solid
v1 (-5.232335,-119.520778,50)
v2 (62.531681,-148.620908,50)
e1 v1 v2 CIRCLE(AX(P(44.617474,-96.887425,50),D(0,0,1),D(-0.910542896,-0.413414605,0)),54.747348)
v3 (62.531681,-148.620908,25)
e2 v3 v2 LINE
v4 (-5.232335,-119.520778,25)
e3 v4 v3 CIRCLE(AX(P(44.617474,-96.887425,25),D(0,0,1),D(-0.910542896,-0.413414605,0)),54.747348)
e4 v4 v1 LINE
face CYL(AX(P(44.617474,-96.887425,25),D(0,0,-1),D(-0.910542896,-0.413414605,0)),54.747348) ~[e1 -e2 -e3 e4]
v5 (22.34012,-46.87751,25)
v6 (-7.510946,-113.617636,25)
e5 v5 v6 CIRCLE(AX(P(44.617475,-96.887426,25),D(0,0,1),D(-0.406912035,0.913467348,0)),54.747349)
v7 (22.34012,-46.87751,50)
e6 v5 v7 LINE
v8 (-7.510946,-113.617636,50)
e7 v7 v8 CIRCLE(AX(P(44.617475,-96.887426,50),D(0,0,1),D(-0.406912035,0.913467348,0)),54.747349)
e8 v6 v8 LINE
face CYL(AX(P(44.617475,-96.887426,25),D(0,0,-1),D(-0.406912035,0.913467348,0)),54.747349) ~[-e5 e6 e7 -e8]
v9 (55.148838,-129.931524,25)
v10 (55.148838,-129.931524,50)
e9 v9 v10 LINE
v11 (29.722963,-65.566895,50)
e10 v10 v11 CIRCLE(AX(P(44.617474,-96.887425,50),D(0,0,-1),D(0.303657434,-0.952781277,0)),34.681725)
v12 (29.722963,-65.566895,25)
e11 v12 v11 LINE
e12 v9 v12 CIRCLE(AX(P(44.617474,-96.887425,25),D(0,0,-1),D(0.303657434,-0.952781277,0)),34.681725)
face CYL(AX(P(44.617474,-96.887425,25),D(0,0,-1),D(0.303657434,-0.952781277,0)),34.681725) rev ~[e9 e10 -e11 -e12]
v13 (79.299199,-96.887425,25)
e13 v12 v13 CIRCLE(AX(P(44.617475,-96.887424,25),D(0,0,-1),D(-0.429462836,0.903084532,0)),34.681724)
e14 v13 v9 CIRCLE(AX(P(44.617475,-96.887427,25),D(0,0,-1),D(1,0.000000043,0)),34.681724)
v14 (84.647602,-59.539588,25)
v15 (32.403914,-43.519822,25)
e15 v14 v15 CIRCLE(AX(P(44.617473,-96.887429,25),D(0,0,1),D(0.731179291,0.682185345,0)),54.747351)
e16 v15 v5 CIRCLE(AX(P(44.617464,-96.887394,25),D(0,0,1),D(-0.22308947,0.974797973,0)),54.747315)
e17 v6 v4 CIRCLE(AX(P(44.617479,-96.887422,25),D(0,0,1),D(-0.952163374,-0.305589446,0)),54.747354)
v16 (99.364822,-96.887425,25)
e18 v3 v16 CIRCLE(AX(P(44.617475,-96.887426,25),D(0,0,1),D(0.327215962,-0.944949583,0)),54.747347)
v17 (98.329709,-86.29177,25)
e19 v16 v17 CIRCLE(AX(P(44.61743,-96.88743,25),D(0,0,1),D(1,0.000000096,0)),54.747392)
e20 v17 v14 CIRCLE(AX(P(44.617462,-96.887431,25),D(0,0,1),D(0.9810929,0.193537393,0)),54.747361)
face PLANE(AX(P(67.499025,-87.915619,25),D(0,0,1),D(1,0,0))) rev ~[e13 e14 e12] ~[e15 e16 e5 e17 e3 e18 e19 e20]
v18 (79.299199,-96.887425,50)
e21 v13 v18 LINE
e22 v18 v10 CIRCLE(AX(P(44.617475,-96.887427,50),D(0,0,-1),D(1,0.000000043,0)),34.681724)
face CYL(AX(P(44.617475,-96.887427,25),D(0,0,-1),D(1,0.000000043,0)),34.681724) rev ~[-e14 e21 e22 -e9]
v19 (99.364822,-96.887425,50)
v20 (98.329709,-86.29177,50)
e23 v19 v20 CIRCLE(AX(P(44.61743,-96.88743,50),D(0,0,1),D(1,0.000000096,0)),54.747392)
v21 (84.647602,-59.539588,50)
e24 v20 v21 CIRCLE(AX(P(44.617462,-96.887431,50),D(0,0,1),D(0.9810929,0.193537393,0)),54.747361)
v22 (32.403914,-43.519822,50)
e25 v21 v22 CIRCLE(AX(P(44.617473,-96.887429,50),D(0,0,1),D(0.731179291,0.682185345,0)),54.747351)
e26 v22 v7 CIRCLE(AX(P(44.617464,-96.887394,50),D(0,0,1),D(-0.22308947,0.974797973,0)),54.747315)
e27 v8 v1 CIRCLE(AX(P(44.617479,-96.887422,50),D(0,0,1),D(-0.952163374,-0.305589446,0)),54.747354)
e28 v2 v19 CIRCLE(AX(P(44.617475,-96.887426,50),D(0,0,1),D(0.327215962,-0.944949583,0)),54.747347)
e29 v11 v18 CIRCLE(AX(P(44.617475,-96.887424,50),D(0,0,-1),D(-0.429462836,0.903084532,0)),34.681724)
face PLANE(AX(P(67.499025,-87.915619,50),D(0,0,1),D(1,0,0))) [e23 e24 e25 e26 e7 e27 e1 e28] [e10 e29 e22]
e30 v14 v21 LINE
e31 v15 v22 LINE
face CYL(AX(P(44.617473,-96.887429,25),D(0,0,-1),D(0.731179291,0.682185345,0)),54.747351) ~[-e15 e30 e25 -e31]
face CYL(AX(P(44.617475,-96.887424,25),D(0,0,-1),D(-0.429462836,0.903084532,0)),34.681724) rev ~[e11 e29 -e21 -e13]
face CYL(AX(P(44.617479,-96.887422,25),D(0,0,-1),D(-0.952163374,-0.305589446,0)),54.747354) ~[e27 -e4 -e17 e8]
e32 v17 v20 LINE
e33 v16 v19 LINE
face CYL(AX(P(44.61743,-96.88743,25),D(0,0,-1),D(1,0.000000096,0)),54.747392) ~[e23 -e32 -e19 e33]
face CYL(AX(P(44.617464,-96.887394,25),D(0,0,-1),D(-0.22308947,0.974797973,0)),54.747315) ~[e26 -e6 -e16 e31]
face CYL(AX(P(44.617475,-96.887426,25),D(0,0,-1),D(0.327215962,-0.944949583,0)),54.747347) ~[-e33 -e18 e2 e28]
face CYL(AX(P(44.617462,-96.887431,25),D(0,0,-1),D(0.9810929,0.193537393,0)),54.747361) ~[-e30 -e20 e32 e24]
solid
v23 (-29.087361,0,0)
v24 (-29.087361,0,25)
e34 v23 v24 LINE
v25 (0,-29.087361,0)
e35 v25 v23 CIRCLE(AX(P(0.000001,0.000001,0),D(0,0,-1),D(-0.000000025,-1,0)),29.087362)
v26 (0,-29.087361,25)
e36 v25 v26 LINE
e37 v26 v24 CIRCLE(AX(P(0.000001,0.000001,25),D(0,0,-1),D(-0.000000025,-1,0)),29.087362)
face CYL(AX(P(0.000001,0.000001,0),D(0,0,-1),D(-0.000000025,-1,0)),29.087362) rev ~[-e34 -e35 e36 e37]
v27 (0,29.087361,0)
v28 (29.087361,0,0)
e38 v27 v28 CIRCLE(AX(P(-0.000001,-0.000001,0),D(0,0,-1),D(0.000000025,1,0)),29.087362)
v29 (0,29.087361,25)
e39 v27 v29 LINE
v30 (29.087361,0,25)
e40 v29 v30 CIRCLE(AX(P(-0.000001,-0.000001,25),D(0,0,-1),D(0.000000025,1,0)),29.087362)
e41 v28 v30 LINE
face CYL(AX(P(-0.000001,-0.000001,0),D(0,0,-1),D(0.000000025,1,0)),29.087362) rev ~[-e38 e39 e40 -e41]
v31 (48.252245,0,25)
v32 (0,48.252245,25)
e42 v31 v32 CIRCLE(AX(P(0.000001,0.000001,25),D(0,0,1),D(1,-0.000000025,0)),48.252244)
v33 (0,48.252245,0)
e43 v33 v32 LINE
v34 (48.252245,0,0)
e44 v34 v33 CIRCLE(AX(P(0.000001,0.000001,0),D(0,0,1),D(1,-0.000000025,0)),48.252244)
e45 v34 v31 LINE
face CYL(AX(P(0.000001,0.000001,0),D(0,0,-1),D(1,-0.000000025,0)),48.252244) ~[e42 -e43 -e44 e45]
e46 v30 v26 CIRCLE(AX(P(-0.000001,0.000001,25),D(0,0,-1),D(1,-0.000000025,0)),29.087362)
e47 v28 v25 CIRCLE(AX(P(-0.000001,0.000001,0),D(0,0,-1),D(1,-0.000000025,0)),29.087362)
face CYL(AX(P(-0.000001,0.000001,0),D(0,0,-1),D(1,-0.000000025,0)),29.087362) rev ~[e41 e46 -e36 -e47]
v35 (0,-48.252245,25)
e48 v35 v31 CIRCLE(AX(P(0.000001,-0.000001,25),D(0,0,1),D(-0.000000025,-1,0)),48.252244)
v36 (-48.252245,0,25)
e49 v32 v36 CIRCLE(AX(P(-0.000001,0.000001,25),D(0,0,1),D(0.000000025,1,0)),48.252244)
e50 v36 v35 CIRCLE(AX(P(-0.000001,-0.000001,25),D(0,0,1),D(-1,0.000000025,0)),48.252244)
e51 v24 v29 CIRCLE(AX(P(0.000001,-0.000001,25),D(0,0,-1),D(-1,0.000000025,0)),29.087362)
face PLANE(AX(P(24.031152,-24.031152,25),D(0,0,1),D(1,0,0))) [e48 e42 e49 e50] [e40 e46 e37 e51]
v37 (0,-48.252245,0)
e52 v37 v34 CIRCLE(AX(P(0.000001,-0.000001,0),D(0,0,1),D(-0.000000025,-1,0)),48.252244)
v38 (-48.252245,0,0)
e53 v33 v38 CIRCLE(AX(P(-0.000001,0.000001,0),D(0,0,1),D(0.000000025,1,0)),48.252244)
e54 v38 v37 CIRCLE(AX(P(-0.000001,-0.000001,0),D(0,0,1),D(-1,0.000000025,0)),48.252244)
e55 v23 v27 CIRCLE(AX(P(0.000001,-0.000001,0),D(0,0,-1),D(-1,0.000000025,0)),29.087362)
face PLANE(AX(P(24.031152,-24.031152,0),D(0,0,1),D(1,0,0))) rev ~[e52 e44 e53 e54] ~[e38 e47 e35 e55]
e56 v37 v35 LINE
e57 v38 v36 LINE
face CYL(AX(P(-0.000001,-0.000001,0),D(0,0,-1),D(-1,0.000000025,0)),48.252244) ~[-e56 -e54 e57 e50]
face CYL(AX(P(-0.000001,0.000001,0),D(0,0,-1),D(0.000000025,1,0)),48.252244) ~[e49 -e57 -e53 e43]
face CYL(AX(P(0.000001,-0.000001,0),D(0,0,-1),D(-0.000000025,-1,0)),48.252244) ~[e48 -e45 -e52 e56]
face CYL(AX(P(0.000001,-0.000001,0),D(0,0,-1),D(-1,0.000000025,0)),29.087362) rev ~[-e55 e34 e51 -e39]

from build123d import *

# Parameters (mm, degrees)
F1_DEPTH = 25
F3_DEPTH = 25


with BuildPart() as f1:
    # F0 (on Top) → F1 (new body)
    with BuildSketch(Plane.XY):
        with BuildLine():
            Line((48.252245, 0), (29.087361, 0))
            ThreePointArc((29.087361, 0), (20.56787, -20.56787), (0, -29.087361))
            Line((0, -29.087361), (0, -48.252245))
            ThreePointArc((0, -48.252245), (34.11949, -34.11949), (48.252245, 0))
        make_face()
        with BuildLine():
            ThreePointArc((0, 29.087361), (20.56787, 20.56787), (29.087361, 0))
            Line((29.087361, 0), (48.252245, 0))
            ThreePointArc((48.252245, 0), (34.11949, 34.11949), (0, 48.252245))
            Line((0, 48.252245), (0, 29.087361))
        make_face()
        with BuildLine():
            ThreePointArc((-29.087361, 0), (-20.56787, 20.56787), (0, 29.087361))
            Line((0, 29.087361), (0, 48.252245))
            ThreePointArc((0, 48.252245), (-34.11949, 34.11949), (-48.252245, 0))
            Line((-48.252245, 0), (-29.087361, 0))
        make_face()
        with BuildLine():
            Line((0, -48.252245), (0, -29.087361))
            ThreePointArc((0, -29.087361), (-20.56787, -20.56787), (-29.087361, 0))
            Line((-29.087361, 0), (-48.252245, 0))
            ThreePointArc((-48.252245, 0), (-34.11949, -34.11949), (0, -48.252245))
        make_face()
    extrude(amount=F1_DEPTH)


with BuildPart() as f3:
    # F2 (on face) → F3 (new body)
    with BuildSketch(Plane.XY.offset(25)):
        with BuildLine():
            ThreePointArc((29.722963, -65.566895), (63.141172, -67.566874), (79.299199, -96.887425))
            ThreePointArc((79.299199, -96.887425), (72.618081, -117.351738), (55.148838, -129.931524))
            Line((55.148838, -129.931524), (62.531681, -148.620908))
            ThreePointArc((62.531681, -148.620908), (89.215834, -128.64051), (99.364822, -96.887425))
            ThreePointArc((99.364822, -96.887425), (99.105429, -91.564377), (98.329709, -86.29177))
            Line((98.329709, -86.29177), (84.647602, -59.539588))
            ThreePointArc((84.647602, -59.539588), (60.667352, -44.545535), (32.403914, -43.519822))
            ThreePointArc((32.403914, -43.519822), (27.290492, -44.954316), (22.34012, -46.87751))
            Line((22.34012, -46.87751), (29.722963, -65.566895))
        make_face()
        with BuildLine():
            ThreePointArc((55.148838, -129.931524), (12.361302, -109.629538), (29.722963, -65.566895))
            Line((29.722963, -65.566895), (22.34012, -46.87751))
            ThreePointArc((22.34012, -46.87751), (-5.358679, -74.534434), (-7.510946, -113.617636))
            Line((-7.510946, -113.617636), (-5.232335, -119.520778))
            ThreePointArc((-5.232335, -119.520778), (23.014811, -147.192465), (62.531681, -148.620908))
            Line((62.531681, -148.620908), (55.148838, -129.931524))
        make_face()
        with BuildLine():
            Line((-5.232335, -119.520778), (-7.510946, -113.617636))
            ThreePointArc((-7.510946, -113.617636), (-6.456997, -116.602154), (-5.232335, -119.520778))
        make_face()
        with BuildLine():
            ThreePointArc((98.329709, -86.29177), (93.359934, -71.958634), (84.647602, -59.539588))
            Line((84.647602, -59.539588), (98.329709, -86.29177))
        make_face()
    extrude(amount=F3_DEPTH)


solid = Compound([f1.part, f3.part])
